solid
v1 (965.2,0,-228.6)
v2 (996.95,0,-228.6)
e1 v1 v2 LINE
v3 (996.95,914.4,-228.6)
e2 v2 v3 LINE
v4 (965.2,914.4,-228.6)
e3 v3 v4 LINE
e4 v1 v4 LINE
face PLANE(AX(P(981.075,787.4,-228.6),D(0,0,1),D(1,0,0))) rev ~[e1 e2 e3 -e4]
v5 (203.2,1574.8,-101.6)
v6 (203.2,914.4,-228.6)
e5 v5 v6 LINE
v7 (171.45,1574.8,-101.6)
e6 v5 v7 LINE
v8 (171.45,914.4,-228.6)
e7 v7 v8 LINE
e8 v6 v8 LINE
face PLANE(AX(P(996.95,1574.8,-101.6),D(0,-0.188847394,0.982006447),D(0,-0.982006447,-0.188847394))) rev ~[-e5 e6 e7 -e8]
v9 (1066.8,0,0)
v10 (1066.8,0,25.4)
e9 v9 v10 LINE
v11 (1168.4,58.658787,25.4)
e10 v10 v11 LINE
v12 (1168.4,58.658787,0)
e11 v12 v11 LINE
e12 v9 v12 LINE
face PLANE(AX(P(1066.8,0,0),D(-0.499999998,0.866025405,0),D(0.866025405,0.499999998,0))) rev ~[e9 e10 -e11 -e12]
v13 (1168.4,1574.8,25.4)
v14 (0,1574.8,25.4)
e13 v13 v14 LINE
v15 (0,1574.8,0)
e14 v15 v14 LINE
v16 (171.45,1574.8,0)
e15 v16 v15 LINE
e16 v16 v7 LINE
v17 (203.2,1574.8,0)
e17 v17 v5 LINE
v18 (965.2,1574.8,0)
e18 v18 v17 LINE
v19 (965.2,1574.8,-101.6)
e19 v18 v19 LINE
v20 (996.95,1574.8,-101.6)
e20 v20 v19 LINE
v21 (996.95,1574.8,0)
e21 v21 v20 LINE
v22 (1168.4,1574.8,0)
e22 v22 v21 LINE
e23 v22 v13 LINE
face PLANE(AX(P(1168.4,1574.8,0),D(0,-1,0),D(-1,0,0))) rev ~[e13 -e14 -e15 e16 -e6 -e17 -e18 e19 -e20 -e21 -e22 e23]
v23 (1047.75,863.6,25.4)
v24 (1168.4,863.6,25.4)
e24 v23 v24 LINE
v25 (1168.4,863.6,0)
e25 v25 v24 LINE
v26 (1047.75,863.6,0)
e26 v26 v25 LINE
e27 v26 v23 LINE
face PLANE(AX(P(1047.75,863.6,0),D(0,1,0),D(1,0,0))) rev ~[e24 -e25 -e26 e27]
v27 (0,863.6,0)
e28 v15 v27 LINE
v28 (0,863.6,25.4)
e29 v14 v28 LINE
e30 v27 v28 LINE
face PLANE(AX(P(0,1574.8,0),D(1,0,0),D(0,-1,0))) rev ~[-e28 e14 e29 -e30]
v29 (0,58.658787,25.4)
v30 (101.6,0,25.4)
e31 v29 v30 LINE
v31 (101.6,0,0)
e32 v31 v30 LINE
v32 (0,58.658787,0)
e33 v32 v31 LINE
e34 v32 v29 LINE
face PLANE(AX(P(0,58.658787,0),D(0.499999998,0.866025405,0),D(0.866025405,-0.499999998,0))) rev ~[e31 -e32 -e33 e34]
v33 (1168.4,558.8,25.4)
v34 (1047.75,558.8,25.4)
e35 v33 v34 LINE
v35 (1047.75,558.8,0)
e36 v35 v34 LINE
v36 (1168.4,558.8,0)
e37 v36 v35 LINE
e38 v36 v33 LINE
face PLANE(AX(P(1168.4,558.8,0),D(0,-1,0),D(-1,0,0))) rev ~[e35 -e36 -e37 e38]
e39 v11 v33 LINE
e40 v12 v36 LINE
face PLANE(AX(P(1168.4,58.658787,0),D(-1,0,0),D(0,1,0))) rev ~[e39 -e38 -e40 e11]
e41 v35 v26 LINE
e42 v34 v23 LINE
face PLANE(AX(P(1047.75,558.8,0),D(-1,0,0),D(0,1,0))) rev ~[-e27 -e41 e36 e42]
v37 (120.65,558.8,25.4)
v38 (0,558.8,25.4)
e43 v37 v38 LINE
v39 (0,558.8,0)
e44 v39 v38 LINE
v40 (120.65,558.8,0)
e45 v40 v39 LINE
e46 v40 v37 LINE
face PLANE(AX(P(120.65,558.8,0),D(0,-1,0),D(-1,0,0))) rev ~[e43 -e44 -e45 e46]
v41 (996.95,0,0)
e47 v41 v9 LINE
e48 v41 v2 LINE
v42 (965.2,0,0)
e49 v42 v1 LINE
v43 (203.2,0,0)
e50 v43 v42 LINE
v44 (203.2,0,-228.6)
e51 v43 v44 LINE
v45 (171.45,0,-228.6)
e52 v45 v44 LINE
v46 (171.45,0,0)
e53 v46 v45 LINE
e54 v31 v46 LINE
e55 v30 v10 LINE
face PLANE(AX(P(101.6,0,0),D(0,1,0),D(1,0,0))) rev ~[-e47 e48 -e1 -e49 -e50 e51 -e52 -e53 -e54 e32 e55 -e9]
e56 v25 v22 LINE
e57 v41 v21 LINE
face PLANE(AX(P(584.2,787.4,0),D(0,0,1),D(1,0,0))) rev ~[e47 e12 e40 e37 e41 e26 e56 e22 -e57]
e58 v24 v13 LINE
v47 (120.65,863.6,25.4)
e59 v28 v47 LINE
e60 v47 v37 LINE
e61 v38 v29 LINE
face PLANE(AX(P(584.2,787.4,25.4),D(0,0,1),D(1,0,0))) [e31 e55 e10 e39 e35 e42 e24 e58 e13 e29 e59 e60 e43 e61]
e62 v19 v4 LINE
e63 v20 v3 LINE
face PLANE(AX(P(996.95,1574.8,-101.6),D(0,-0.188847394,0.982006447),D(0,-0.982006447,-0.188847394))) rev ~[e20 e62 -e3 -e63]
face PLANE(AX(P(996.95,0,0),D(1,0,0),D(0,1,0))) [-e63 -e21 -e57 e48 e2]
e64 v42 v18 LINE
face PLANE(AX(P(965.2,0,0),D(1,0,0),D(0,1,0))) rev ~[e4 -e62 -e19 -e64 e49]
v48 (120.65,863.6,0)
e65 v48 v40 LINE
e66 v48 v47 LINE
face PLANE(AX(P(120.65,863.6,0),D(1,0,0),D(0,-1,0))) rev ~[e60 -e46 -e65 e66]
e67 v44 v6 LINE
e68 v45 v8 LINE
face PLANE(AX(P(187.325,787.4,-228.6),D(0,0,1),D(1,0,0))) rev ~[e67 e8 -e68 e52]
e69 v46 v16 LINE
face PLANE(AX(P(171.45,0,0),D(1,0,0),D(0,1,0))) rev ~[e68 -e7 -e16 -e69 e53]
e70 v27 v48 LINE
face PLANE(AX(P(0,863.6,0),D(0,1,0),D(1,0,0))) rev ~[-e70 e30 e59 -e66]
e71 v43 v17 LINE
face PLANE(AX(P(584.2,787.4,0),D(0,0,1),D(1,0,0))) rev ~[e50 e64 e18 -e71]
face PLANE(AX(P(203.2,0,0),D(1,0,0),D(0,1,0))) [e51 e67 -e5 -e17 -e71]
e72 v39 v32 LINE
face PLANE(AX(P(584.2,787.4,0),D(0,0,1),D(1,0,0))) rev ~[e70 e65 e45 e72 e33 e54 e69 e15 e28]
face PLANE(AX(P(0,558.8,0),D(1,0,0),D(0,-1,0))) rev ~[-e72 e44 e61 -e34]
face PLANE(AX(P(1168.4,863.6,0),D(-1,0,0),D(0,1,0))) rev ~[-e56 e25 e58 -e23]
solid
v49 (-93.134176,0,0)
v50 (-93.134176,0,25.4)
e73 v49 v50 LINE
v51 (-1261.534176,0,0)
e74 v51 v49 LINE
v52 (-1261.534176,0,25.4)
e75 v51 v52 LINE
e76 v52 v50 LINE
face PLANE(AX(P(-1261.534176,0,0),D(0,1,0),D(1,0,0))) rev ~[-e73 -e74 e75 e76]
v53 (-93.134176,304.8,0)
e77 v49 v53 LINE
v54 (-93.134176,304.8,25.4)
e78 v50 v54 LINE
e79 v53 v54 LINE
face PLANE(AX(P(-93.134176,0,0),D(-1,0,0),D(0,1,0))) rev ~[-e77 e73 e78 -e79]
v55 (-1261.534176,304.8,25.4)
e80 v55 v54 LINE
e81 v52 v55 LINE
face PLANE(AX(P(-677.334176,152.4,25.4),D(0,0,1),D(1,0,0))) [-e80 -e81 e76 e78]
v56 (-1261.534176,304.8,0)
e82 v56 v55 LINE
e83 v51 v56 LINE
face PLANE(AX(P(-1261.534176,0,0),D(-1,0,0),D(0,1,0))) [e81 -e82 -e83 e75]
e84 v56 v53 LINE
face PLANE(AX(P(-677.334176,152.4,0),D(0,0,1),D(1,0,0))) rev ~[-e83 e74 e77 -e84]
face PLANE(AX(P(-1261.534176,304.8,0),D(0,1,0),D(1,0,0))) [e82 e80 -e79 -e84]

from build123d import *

# Parameters (mm, degrees)
F0_W     = 762
F0_H     = 1574.8
F0_W_2   = 31.75
F1_DEPTH = 25.4
F2_DEPTH = 228.6
F3_W     = 1168.4
F3_H     = 304.8
F4_DEPTH = 25.4
F6_DEPTH = 2540


with BuildPart() as f1:
    # F0 (on Top) → F1 (new body)
    with BuildSketch(Plane.XY):
        with Locations((584.2, 787.4)):
            Rectangle(F0_W, F0_H)
        with Locations((981.075, 787.4)):
            Rectangle(F0_W_2, F0_H)
        Polygon((0, 58.658787), (101.6, 0), (171.45, 0), (171.45, 1574.8), (0, 1574.8), (0, 863.6), (120.65, 863.6), (120.65, 558.8), (0, 558.8), align=None)
        with Locations((187.325, 787.4)):
            Rectangle(F0_W_2, F0_H)
        Polygon((996.95, 1574.8), (996.95, 0), (1066.8, 0), (1168.4, 58.658787), (1168.4, 558.8), (1047.75, 558.8), (1047.75, 863.6), (1168.4, 863.6), (1168.4, 1574.8), align=None)
    extrude(amount=F1_DEPTH)

    # F0 (on Top) → F2 (join)
    with BuildSketch(Plane.XY):
        with Locations((187.325, 787.4)):
            Rectangle(F0_W_2, F0_H)
        with Locations((981.075, 787.4)):
            Rectangle(F0_W_2, F0_H)
    extrude(amount=-F2_DEPTH)

    # F5 (on face) → F6 (cut)
    with BuildSketch(Plane.YZ.offset(996.95)):
        Polygon((1574.8, -101.6), (914.4, -228.6), (1574.8, -228.6), align=None)
    extrude(amount=-F6_DEPTH, mode=Mode.SUBTRACT)


with BuildPart() as f4:
    # F3 (on Top) → F4 (new body)
    with BuildSketch(Plane.XY):
        with Locations((-677.334176, 152.4)):
            Rectangle(F3_W, F3_H)
    extrude(amount=F4_DEPTH)


solid = Compound([f1.part, f4.part])
